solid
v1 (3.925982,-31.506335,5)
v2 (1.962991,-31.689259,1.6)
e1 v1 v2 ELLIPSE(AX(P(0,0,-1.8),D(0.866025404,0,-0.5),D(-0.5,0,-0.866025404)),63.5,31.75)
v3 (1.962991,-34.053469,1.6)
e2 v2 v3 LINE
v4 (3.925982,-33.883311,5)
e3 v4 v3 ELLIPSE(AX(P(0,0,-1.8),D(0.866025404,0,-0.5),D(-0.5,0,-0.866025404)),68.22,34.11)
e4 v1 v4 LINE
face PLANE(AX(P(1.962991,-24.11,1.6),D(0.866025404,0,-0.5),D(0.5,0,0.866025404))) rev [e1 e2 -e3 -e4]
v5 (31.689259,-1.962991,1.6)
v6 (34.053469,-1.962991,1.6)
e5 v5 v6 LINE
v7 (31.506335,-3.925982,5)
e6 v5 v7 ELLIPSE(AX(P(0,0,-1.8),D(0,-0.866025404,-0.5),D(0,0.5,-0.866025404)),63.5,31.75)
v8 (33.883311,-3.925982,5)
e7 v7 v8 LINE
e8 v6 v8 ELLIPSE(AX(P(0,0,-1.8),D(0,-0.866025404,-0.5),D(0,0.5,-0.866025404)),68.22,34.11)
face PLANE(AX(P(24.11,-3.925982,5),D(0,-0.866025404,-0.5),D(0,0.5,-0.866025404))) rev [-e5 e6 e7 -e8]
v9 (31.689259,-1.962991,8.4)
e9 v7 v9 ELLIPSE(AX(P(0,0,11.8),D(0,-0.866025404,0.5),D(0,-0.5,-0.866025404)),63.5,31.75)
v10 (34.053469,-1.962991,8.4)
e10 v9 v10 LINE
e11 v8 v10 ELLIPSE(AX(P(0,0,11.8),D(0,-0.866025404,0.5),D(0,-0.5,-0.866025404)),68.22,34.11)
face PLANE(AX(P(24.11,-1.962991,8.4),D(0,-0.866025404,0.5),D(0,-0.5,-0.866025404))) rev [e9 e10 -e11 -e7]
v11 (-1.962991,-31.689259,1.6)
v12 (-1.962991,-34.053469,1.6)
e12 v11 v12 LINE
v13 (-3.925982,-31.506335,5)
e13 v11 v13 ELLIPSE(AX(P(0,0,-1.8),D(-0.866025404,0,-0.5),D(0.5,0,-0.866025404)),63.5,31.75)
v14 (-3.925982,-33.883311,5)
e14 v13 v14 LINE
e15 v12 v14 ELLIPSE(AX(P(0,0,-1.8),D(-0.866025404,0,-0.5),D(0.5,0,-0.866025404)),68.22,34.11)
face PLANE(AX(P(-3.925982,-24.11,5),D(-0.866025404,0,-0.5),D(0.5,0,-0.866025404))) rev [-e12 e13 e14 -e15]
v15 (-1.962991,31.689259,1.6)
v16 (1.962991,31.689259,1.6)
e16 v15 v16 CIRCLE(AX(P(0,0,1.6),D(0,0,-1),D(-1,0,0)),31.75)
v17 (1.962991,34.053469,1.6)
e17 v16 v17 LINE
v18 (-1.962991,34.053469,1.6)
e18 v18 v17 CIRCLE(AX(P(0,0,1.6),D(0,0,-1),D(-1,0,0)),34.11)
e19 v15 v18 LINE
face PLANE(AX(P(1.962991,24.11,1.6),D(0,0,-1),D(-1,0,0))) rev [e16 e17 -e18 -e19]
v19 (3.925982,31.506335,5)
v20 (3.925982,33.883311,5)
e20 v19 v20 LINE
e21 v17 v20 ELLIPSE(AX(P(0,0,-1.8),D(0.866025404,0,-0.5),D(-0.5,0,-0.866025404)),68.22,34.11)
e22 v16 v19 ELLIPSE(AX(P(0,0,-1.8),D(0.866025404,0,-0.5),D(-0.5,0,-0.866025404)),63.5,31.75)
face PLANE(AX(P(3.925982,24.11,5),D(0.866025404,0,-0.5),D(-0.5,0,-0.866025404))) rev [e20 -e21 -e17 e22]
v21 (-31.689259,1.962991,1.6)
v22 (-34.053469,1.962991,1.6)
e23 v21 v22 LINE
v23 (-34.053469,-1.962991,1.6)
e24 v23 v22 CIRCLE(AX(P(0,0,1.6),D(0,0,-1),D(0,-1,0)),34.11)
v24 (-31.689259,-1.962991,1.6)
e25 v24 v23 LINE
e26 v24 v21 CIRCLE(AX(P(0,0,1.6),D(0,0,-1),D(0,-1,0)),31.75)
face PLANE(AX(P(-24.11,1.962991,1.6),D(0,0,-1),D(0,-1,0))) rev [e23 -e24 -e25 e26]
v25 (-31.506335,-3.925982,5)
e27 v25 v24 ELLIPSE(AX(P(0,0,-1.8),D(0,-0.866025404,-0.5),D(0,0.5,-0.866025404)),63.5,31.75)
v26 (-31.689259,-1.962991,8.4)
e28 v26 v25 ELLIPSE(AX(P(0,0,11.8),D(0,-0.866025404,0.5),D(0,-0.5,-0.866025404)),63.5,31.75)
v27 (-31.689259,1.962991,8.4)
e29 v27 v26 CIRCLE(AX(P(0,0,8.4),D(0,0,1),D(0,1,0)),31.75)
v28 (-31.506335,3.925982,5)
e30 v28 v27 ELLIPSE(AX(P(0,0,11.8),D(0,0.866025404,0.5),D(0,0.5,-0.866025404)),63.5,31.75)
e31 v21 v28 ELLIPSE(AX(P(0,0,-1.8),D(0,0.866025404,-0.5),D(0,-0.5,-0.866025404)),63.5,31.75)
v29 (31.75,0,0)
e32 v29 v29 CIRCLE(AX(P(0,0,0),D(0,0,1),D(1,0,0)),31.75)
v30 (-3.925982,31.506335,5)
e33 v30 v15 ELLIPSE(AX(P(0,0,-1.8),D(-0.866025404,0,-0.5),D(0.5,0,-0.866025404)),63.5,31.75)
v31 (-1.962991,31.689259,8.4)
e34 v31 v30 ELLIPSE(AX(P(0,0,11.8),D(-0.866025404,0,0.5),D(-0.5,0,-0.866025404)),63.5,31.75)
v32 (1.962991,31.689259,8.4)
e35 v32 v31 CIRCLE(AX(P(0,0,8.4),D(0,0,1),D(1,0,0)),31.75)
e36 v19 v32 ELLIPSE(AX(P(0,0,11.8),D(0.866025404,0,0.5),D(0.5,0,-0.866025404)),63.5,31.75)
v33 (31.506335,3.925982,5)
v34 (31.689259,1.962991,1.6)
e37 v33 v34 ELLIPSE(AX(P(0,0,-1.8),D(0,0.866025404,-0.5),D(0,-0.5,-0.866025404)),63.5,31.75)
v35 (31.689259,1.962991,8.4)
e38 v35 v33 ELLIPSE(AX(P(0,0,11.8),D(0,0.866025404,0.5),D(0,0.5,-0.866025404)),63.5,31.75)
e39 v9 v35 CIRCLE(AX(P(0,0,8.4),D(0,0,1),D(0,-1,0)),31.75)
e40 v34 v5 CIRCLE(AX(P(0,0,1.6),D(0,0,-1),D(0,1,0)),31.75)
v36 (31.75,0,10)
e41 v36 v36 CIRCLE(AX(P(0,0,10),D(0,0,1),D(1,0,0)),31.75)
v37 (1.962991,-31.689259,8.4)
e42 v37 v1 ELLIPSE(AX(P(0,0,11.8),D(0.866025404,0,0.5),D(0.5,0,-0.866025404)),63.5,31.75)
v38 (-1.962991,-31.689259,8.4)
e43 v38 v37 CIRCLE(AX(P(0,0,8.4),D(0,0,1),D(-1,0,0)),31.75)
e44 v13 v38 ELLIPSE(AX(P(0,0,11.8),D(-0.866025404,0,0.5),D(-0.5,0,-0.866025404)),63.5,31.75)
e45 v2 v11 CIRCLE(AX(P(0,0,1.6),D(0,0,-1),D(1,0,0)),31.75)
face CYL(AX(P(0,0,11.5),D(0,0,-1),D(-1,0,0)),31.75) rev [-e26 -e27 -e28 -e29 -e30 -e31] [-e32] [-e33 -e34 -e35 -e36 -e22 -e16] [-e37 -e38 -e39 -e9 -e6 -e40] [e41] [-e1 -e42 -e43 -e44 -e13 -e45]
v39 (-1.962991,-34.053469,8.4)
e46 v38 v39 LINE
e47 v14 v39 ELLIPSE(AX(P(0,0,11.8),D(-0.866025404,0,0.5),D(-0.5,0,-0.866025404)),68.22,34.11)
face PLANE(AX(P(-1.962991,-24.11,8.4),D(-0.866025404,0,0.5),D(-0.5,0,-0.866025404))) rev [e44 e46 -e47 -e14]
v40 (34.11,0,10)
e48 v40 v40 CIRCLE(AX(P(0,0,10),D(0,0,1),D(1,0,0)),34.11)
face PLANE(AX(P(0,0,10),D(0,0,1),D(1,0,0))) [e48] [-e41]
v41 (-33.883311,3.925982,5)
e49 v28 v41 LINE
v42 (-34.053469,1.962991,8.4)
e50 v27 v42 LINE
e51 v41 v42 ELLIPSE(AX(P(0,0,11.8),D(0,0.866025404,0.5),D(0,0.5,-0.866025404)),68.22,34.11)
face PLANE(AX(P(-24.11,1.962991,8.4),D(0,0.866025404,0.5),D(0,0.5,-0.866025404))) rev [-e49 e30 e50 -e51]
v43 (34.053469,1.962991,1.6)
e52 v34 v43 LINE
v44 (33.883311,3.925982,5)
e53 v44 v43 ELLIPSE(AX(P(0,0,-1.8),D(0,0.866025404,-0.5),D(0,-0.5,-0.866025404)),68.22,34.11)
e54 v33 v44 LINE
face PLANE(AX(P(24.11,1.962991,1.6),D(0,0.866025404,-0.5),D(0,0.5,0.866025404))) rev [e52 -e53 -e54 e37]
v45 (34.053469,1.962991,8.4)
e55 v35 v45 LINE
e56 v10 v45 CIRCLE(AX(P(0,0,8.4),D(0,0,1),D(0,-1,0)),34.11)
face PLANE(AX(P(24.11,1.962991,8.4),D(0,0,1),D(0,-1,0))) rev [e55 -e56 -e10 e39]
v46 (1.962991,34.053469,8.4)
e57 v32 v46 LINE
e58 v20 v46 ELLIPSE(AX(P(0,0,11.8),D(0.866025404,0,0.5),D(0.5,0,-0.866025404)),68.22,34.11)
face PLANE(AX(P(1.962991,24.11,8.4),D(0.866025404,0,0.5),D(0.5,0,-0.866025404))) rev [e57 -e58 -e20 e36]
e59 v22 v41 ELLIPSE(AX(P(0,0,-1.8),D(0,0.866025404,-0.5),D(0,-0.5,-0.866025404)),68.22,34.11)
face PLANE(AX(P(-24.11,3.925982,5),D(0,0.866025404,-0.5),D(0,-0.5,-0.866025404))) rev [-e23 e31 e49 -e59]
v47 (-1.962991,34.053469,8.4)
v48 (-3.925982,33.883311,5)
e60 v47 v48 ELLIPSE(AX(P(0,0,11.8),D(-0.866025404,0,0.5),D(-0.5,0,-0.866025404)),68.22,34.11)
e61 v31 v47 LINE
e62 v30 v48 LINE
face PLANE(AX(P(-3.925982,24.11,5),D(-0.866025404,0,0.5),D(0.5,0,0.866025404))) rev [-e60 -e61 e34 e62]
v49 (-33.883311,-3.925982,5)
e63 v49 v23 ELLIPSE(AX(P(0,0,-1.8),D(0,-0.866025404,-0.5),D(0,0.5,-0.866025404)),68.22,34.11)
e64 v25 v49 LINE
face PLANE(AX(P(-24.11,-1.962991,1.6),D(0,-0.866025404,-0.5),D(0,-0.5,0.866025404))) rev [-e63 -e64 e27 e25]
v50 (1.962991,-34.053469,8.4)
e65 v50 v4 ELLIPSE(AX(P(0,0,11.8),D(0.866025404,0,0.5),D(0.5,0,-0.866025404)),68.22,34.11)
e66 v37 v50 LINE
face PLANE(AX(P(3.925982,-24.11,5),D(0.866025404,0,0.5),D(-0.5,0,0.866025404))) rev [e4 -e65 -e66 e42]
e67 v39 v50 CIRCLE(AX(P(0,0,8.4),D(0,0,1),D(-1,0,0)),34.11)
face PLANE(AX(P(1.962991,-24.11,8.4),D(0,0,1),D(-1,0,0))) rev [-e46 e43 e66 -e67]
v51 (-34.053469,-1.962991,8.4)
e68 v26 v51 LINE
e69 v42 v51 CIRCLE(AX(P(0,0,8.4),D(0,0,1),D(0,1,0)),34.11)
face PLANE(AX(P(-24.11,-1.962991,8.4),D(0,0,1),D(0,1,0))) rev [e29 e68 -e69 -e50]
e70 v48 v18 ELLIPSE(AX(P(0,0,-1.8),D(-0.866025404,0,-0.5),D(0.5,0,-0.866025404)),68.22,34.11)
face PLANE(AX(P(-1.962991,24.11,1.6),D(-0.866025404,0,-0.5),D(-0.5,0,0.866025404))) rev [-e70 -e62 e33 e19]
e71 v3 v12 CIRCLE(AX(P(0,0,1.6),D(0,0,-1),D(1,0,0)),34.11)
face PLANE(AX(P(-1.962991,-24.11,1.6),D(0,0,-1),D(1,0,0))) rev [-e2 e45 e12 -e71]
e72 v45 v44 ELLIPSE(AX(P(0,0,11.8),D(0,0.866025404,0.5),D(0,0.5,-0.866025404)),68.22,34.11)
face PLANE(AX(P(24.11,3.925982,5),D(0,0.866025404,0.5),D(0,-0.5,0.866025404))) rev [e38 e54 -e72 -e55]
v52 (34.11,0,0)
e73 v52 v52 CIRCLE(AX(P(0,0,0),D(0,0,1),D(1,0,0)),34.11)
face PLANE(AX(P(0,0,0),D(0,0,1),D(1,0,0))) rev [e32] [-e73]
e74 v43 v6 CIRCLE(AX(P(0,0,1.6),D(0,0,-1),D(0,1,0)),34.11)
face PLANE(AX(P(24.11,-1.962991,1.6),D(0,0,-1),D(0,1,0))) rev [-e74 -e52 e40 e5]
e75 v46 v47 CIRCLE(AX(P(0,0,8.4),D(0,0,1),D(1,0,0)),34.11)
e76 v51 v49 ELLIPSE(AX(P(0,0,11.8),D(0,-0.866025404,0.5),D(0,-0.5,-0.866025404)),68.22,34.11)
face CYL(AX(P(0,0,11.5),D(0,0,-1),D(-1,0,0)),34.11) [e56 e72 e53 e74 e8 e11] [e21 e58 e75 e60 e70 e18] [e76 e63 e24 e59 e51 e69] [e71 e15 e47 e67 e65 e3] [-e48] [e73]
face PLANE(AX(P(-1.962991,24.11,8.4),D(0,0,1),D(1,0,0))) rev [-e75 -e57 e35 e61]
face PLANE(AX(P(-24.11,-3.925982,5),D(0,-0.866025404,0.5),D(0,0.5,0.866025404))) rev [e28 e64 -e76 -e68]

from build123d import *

# Parameters (mm, degrees)
SKETCH1_R           = 34.11
SKETCH1_R_2         = 31.75
BOSS_EXTRUDE1_DEPTH = 11.5
CUT_EXTRUDE1_DEPTH  = 10
CIRPATTERN2_COUNT   = 4
CUT_EXTRUDE2_START  = -1.5
SKETCH3_R           = 34.11
CUT_EXTRUDE2_DEPTH  = 1.5


with BuildPart() as part:
    # Sketch1 → Boss-Extrude1 (new body)
    with BuildSketch(Plane.XY):
        Circle(SKETCH1_R)
        Circle(SKETCH1_R_2, mode=Mode.SUBTRACT)
    extrude(amount=BOSS_EXTRUDE1_DEPTH)

    # Sketch2 → Cut-Extrude1 (cut)
    with BuildSketch(Plane(origin=(0, 34.11, 0), x_dir=(1, 0, 0), z_dir=(0, 1, 0))):
        Polygon((3.92598183, -5), (1.962990915, -1.6), (-1.962990915, -1.6), (-3.92598183, -5), (-1.962990915, -8.4), (1.962990915, -8.4), align=None)
    cut_extrude1 = extrude(amount=-CUT_EXTRUDE1_DEPTH, mode=Mode.SUBTRACT)

    # CirPattern2: Cut-Extrude1 ×4 about axis
    cirpattern2_axis = Axis((0, 0, 0), (0, 0, 1))
    for i in range(1, CIRPATTERN2_COUNT):
        add(cut_extrude1.rotate(cirpattern2_axis, i * 360 / CIRPATTERN2_COUNT), mode=Mode.SUBTRACT)

    # Sketch3 → Cut-Extrude2 (cut)
    with BuildSketch(Plane.XY.offset(11.5).offset(CUT_EXTRUDE2_START)):
        Circle(SKETCH3_R)
    extrude(amount=CUT_EXTRUDE2_DEPTH, mode=Mode.SUBTRACT)


solid = part.part
